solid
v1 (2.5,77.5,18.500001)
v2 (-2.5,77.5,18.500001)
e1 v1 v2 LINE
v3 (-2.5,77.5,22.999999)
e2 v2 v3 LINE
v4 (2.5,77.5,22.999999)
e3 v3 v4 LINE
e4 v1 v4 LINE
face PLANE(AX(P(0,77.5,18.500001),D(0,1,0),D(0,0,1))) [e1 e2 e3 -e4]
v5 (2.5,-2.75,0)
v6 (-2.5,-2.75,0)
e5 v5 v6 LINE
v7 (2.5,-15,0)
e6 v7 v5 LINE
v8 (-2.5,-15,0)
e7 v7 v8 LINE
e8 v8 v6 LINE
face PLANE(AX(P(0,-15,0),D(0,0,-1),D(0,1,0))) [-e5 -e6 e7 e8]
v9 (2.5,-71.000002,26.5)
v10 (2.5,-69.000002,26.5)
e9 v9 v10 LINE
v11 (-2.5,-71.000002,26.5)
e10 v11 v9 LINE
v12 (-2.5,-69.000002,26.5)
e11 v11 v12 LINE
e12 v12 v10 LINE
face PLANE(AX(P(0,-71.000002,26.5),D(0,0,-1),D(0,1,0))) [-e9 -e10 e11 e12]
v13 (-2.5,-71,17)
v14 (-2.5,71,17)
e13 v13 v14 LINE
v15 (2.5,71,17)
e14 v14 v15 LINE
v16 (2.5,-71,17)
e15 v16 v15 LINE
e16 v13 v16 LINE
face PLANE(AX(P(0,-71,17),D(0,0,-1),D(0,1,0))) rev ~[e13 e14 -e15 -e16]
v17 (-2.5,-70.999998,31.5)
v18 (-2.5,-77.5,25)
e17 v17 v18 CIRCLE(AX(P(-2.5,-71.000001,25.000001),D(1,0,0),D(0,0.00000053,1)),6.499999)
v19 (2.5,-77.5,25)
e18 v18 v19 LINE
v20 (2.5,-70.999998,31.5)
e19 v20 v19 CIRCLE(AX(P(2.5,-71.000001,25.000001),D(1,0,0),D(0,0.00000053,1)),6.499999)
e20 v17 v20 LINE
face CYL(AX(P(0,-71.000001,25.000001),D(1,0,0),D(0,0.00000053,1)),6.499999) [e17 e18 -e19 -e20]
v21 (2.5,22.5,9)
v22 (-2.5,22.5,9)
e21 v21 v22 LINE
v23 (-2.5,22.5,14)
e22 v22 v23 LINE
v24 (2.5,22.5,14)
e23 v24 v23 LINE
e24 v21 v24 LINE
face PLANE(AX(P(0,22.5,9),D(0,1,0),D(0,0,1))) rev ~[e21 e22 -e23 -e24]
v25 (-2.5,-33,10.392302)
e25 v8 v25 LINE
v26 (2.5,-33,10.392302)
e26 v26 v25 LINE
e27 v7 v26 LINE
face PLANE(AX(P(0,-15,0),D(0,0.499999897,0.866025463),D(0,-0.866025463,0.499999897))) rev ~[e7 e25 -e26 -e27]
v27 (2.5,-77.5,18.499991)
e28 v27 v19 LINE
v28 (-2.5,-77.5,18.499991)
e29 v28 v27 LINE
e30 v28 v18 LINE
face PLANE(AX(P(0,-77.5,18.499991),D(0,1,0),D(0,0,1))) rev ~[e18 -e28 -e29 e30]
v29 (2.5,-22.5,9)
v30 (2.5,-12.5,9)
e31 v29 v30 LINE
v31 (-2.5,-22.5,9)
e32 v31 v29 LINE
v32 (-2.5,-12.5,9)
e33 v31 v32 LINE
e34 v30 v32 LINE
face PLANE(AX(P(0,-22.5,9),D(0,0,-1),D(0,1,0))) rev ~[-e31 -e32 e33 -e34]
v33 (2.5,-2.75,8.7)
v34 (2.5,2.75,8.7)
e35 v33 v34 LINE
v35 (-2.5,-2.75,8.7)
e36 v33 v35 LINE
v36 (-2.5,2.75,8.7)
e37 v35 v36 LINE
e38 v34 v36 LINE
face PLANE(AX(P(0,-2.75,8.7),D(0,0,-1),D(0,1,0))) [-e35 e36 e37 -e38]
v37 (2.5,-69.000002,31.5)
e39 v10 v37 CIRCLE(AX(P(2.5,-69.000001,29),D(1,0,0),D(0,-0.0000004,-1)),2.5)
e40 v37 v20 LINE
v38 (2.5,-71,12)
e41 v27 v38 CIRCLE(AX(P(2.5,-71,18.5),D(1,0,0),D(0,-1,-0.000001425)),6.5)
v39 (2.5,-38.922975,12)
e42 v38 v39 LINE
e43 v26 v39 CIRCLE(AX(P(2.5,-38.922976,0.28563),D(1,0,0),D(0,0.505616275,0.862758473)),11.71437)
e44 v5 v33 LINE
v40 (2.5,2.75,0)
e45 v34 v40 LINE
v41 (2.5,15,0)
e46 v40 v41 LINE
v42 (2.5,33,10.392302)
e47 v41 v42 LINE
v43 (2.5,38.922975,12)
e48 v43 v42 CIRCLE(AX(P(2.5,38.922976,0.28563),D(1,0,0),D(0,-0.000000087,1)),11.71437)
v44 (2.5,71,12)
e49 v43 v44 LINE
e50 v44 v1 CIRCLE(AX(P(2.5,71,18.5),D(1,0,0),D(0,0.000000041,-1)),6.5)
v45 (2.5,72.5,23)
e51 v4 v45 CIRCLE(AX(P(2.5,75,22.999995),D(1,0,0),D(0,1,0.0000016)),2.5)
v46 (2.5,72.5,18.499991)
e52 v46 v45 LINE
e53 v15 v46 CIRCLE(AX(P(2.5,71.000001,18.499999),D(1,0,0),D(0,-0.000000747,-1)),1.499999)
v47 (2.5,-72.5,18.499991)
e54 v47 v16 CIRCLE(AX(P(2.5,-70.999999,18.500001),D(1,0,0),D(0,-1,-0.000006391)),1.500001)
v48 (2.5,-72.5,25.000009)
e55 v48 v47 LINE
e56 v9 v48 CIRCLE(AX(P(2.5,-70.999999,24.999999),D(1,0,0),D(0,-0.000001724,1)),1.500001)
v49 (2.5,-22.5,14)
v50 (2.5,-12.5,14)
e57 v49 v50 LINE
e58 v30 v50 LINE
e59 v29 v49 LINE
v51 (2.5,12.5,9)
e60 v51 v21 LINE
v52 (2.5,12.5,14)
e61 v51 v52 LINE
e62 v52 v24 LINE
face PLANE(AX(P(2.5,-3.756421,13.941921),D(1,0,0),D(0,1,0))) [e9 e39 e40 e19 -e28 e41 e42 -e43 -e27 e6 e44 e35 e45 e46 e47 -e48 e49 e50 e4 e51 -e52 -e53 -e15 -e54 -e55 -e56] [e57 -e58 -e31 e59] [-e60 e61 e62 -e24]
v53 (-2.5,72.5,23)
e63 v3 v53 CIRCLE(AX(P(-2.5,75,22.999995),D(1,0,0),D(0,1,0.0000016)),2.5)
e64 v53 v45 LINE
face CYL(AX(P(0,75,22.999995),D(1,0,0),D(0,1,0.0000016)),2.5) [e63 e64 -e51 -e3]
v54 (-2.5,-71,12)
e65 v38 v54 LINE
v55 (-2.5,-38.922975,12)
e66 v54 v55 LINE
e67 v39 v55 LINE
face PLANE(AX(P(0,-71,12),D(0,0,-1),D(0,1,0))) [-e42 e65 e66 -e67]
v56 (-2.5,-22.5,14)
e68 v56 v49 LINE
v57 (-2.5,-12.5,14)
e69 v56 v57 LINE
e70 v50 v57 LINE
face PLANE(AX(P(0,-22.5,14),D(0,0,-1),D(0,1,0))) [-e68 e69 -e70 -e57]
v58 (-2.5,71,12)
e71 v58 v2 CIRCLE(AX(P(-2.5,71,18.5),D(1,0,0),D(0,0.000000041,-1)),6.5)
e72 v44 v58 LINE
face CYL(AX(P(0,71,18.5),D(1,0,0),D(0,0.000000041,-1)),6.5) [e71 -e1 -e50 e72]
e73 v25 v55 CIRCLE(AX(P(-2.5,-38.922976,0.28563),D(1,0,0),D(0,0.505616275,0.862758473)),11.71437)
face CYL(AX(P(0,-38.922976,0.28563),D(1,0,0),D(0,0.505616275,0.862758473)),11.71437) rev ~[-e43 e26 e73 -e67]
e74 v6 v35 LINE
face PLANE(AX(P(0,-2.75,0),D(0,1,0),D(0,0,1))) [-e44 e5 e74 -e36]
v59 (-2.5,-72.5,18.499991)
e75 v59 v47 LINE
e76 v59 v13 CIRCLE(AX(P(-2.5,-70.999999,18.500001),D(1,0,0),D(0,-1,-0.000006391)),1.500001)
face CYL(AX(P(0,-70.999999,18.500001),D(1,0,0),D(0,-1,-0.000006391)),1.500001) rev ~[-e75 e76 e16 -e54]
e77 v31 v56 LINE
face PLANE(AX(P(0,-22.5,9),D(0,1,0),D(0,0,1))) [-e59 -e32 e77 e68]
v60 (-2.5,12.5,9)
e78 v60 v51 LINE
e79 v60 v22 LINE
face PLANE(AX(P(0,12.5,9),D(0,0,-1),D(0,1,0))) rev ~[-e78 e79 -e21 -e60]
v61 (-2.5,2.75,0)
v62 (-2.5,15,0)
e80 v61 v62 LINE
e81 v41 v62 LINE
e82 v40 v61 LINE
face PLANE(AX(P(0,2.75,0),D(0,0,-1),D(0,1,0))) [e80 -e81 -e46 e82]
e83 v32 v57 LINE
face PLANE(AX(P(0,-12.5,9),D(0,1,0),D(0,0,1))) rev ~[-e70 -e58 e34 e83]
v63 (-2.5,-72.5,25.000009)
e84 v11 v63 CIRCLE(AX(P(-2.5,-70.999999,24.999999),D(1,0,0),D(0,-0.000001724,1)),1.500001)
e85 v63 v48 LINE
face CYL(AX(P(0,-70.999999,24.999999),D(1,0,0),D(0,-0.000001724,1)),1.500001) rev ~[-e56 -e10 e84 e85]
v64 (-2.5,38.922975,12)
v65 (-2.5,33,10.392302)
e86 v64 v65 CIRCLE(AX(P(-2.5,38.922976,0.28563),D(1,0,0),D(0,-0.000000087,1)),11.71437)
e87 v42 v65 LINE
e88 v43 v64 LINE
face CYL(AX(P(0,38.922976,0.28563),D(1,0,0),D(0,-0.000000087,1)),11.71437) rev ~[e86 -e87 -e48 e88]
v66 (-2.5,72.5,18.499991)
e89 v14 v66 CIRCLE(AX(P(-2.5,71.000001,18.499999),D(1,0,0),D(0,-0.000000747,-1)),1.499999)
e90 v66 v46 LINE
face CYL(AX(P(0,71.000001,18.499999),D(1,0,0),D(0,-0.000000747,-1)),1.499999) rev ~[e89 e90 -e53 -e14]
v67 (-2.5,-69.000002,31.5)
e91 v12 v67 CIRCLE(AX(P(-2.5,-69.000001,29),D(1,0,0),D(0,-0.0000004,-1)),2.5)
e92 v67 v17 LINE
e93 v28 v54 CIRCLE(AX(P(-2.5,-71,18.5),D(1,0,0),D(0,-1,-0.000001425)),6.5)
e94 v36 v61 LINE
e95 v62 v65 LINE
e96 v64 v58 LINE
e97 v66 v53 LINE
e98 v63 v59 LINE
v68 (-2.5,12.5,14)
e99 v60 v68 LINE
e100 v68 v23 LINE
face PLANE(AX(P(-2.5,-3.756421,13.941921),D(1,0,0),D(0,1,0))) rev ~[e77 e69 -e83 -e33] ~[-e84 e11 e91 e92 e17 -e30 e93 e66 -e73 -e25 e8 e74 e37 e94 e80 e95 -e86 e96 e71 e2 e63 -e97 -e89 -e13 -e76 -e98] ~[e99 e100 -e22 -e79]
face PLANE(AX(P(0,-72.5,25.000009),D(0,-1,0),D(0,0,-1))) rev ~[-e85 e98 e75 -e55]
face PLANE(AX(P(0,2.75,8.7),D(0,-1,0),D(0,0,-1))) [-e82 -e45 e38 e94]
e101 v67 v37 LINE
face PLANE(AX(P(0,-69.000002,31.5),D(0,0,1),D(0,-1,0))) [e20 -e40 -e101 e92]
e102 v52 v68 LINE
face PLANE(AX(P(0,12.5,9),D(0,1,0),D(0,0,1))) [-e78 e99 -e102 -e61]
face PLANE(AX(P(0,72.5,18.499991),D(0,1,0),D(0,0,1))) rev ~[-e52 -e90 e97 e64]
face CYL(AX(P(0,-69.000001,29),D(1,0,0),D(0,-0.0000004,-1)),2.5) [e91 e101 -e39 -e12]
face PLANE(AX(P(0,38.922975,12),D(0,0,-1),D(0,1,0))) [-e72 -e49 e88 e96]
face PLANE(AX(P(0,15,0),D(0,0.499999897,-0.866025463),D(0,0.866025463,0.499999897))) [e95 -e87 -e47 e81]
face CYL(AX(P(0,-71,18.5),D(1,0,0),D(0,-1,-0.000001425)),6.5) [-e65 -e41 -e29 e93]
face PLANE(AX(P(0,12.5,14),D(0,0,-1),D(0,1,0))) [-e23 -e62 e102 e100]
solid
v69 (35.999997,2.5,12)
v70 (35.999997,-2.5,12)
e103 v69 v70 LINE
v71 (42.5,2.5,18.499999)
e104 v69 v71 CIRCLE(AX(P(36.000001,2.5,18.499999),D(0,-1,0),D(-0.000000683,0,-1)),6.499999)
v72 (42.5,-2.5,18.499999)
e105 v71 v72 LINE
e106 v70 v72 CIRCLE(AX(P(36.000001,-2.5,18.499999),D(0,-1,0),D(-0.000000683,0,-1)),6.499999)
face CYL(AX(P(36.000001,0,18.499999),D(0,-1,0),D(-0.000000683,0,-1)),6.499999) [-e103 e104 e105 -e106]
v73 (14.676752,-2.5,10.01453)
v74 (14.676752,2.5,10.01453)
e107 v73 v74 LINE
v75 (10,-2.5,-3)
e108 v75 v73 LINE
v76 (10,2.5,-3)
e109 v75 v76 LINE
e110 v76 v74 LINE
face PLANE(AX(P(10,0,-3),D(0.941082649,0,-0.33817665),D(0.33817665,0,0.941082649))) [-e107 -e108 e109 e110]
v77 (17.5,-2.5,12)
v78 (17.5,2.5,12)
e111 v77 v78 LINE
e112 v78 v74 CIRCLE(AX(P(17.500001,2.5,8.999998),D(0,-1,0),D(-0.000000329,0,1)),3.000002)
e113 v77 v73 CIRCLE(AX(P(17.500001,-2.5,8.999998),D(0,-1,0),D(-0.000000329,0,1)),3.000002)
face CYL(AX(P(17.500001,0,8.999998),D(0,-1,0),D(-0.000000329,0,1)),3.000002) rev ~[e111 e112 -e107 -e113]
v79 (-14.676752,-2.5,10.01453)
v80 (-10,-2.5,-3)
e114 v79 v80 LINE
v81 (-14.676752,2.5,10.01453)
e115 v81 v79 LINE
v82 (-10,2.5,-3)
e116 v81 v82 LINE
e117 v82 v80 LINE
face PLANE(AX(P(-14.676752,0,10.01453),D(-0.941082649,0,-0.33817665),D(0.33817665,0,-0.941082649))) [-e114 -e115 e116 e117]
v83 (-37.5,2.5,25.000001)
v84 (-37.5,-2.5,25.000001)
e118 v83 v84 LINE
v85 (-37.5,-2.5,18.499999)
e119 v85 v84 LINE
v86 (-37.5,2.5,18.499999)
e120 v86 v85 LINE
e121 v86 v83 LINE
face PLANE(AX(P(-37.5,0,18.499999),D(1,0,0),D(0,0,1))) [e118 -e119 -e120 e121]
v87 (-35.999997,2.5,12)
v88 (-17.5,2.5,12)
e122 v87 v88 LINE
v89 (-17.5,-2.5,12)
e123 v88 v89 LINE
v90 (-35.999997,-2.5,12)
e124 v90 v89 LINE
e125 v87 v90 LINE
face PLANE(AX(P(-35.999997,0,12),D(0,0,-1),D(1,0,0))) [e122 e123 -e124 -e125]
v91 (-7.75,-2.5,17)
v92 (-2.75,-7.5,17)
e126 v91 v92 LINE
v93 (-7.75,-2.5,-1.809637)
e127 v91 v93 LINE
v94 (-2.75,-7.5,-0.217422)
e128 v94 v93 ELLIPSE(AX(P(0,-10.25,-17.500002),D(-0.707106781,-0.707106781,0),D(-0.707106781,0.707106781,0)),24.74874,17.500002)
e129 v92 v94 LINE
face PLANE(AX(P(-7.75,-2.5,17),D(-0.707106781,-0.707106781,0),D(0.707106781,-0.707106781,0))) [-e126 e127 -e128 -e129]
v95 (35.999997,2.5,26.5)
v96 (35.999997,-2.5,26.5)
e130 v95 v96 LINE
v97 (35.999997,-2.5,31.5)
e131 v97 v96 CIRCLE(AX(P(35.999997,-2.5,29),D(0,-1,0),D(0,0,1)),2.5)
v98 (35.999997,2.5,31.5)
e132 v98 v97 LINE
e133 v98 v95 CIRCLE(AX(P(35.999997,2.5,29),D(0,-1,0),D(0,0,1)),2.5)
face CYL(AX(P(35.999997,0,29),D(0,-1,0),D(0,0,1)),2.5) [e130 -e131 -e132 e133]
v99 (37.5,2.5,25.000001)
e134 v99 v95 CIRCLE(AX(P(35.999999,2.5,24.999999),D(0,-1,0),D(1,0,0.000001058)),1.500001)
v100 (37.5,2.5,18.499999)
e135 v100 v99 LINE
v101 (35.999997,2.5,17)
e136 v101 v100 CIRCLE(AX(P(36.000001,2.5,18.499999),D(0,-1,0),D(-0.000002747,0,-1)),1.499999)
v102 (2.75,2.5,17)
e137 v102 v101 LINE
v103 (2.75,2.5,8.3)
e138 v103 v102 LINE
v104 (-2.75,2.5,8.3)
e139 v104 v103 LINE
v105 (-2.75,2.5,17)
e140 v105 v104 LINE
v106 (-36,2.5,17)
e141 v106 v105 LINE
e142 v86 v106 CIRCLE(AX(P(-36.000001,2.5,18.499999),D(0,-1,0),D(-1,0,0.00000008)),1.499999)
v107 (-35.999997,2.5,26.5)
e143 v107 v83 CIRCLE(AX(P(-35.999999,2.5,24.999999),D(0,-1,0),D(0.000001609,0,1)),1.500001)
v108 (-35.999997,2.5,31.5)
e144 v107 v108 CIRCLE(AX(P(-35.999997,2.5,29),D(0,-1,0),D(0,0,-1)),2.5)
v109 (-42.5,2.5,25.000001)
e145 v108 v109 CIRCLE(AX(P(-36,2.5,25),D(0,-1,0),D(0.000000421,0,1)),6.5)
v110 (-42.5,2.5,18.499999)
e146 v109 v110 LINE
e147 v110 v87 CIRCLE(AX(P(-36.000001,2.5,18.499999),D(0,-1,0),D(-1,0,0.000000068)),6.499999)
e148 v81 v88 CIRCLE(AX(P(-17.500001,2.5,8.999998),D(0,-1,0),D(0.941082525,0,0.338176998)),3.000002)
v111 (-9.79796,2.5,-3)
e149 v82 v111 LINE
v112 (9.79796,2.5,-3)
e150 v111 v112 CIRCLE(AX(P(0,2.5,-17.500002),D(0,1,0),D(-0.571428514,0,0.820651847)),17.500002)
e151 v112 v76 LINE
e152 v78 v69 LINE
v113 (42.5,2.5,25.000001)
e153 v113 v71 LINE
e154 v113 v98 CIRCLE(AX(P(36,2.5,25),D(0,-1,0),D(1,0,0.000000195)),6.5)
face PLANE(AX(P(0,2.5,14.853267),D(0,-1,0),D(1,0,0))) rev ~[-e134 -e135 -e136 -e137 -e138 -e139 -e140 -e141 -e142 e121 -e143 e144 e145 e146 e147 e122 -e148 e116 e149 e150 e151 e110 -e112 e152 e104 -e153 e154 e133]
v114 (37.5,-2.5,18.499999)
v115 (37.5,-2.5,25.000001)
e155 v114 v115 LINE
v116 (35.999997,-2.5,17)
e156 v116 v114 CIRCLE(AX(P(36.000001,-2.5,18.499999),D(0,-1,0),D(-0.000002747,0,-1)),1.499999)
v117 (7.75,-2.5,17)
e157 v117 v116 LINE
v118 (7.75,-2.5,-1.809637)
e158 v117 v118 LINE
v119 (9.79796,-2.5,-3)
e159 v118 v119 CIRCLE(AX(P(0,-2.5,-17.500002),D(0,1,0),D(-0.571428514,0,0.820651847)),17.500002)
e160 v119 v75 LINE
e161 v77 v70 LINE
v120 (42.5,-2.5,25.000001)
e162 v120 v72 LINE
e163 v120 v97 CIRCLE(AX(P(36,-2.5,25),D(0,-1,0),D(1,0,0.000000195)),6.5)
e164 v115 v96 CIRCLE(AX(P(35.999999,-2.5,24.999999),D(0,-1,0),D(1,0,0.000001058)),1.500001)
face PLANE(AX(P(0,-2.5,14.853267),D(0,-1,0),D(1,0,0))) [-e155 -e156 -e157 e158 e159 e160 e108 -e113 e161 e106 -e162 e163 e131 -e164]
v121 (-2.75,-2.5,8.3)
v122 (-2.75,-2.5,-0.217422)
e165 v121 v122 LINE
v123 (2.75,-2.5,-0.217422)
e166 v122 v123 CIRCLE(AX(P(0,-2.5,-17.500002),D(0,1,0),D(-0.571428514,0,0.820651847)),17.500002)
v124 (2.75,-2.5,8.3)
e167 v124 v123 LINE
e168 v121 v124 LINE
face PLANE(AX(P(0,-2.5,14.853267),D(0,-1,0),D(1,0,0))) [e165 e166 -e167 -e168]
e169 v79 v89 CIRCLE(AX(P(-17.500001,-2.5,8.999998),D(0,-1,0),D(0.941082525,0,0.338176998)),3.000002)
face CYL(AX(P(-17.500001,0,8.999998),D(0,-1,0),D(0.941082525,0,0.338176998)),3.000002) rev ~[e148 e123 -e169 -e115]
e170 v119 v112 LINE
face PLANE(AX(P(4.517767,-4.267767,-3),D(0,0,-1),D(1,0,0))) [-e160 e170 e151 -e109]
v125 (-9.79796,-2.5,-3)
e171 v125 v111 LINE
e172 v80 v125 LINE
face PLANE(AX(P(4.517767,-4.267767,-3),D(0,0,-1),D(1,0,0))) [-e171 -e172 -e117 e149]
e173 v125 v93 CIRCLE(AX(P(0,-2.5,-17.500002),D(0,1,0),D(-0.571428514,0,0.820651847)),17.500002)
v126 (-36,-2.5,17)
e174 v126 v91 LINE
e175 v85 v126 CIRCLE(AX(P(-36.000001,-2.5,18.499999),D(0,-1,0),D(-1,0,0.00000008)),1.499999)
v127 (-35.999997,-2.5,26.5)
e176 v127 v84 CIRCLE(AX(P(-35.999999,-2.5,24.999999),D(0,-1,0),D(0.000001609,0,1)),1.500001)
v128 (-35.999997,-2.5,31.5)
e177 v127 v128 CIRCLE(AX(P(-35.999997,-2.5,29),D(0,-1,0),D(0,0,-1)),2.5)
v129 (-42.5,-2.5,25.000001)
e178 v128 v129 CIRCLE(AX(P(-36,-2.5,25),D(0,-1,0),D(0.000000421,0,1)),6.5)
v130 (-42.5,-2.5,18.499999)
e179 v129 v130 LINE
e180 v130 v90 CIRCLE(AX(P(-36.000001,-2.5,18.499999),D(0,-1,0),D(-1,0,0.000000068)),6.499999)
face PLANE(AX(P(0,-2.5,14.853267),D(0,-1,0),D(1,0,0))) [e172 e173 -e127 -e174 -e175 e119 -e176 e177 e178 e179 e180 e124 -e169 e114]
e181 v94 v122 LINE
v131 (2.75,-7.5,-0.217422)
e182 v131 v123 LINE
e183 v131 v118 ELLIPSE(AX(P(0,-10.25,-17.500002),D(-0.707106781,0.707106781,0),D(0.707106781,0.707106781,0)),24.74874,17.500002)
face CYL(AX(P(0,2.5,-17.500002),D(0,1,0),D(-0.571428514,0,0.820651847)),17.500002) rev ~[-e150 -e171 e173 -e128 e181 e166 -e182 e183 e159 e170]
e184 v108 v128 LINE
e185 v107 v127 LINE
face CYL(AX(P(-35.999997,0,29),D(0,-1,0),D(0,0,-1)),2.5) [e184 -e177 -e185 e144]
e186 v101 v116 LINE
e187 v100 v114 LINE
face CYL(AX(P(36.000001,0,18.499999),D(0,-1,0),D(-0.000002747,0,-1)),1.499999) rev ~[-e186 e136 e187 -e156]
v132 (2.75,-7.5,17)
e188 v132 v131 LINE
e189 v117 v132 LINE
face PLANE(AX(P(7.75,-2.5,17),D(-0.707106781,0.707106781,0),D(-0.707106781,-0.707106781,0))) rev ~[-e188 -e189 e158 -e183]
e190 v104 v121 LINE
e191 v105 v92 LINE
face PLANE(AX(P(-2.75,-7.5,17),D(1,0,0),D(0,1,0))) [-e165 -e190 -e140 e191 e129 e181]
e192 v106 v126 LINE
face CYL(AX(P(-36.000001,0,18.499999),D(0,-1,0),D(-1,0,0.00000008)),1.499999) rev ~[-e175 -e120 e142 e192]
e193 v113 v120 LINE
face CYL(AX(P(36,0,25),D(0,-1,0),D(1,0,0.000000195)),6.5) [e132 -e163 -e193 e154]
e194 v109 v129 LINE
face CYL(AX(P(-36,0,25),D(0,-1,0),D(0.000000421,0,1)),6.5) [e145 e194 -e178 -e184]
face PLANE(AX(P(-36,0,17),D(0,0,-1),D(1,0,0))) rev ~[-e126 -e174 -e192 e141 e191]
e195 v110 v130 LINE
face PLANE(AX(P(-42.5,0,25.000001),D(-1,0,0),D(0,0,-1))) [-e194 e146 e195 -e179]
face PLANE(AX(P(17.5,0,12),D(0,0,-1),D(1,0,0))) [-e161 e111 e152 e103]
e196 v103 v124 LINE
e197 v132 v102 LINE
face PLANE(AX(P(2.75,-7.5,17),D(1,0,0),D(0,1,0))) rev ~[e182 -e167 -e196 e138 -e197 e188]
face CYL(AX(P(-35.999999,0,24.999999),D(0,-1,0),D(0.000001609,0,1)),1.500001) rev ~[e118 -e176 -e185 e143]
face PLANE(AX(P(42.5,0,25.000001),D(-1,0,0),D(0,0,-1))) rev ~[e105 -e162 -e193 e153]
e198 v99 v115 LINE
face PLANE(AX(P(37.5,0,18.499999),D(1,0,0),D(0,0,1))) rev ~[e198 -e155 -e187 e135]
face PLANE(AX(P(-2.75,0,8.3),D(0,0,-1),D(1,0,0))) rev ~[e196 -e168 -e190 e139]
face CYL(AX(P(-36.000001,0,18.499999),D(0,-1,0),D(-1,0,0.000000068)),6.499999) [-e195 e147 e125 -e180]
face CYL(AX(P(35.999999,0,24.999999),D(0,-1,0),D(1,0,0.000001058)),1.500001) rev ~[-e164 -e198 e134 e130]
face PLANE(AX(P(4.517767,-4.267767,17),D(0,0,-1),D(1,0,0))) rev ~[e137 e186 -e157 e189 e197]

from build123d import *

# Parameters (mm, degrees)
SKETCH_W     = 10
SKETCH_H     = 5
PAD_DEPTH    = 2.5
PAD001_DEPTH = 2.5
PAD002_DEPTH = 20
POCKET_DEPTH = 10


with BuildPart() as vertical:
    # Sketch → Pad (new body, symmetric)
    with BuildSketch(Plane.YZ):
        with BuildLine():
            Line((77.5, 18.500001), (77.5, 22.999999))
            ThreePointArc((77.5, 22.999999), (75, 25.499995), (72.5, 23))
            Line((72.5, 18.499991), (72.5, 23))
            ThreePointArc((71, 17), (72.060657, 17.439336), (72.5, 18.499991))
            Line((-71, 17), (71, 17))
            ThreePointArc((-72.5, 18.499991), (-72.060657, 17.439337), (-71, 17))
            Line((-72.5, 25.000009), (-72.5, 18.499991))
            ThreePointArc((-71.000002, 26.5), (-72.060657, 26.060663), (-72.5, 25.000009))
            Line((-71.000002, 26.5), (-69.000002, 26.5))
            ThreePointArc((-69.000002, 26.5), (-66.500001, 29), (-69.000002, 31.5))
            Line((-69.000002, 31.5), (-70.999998, 31.5))
            ThreePointArc((-70.999998, 31.5), (-75.596194, 29.596195), (-77.5, 25))
            Line((-77.5, 18.499991), (-77.5, 25))
            ThreePointArc((-77.5, 18.499991), (-75.596191, 13.903803), (-71, 12))
            Line((-71, 12), (-38.922975, 12))
            ThreePointArc((-33, 10.392302), (-35.85433, 11.590933), (-38.922975, 12))
            Line((-15, 0), (-33, 10.392302))
            Line((-15, 0), (-2.75, 0))
            Line((-2.75, 0), (-2.75, 8.7))
            Line((-2.75, 8.7), (2.75, 8.7))
            Line((2.75, 8.7), (2.75, 0))
            Line((2.75, 0), (15, 0))
            Line((15, 0), (33, 10.392302))
            ThreePointArc((38.922975, 12), (35.85433, 11.590933), (33, 10.392302))
            Line((38.922975, 12), (71, 12))
            ThreePointArc((71, 12), (75.596194, 13.903806), (77.5, 18.500001))
        make_face()
        with Locations((-17.5, 11.5)):
            Rectangle(SKETCH_W, SKETCH_H, mode=Mode.SUBTRACT)
        with Locations((17.5, 11.5)):
            Rectangle(SKETCH_W, SKETCH_H, mode=Mode.SUBTRACT)
    extrude(amount=PAD_DEPTH, both=True)


with BuildPart() as fusion:
    # Sketch001 → Pad001 (new body, symmetric)
    with BuildSketch(Plane.XZ):
        with BuildLine():
            Line((17.5, 12), (35.999997, 12))
            ThreePointArc((35.999997, 12), (40.596193, 13.903804), (42.5, 18.499999))
            Line((42.5, 25.000001), (42.5, 18.499999))
            ThreePointArc((42.5, 25.000001), (40.596193, 29.596195), (35.999997, 31.5))
            ThreePointArc((35.999997, 31.5), (33.499997, 29), (35.999997, 26.5))
            ThreePointArc((37.5, 25.000001), (37.060659, 26.060661), (35.999997, 26.5))
            Line((37.5, 18.499999), (37.5, 25.000001))
            ThreePointArc((35.999997, 17), (37.060659, 17.439338), (37.5, 18.499999))
            Line((2.75, 17), (35.999997, 17))
            Line((2.75, 8.3), (2.75, 17))
            Line((-2.75, 8.3), (2.75, 8.3))
            Line((-2.75, 17), (-2.75, 8.3))
            Line((-36, 17), (-2.75, 17))
            ThreePointArc((-37.5, 18.499999), (-37.06066, 17.439339), (-36, 17))
            Line((-37.5, 18.499999), (-37.5, 25.000001))
            ThreePointArc((-35.999997, 26.5), (-37.060659, 26.060661), (-37.5, 25.000001))
            ThreePointArc((-35.999997, 26.5), (-33.499997, 29), (-35.999997, 31.5))
            ThreePointArc((-35.999997, 31.5), (-40.596193, 29.596195), (-42.5, 25.000001))
            Line((-42.5, 25.000001), (-42.5, 18.499999))
            ThreePointArc((-42.5, 18.499999), (-40.596193, 13.903804), (-35.999997, 12))
            Line((-35.999997, 12), (-17.5, 12))
            ThreePointArc((-14.676752, 10.01453), (-15.774252, 11.453934), (-17.5, 12))
            Line((-14.676752, 10.01453), (-10, -3))
            Line((-10, -3), (10, -3))
            Line((10, -3), (14.676752, 10.01453))
            ThreePointArc((17.5, 12), (15.774252, 11.453934), (14.676752, 10.01453))
        make_face()
    extrude(amount=PAD001_DEPTH, both=True)

    # Sketch002 → Pad002 (new body)
    with BuildSketch(Plane(origin=(0, 0, 17), x_dir=(-1, 0, 0), z_dir=(0, 0, 1))):
        Polygon((-7.75, 2.5), (-2.75, 7.5), (-2.75, 2.5), align=None)
        Polygon((2.75, 7.5), (2.75, 2.5), (7.75, 2.5), align=None)
    extrude(amount=-PAD002_DEPTH)

    # Sketch003 → Pocket (cut)
    with BuildSketch(Plane(origin=(0, 2.5, 0), x_dir=(1, 0, 0), z_dir=(0, 1, 0))):
        with BuildLine():
            ThreePointArc((-10, 3.138593), (0, 0), (10, 3.138593))
            Line((-10, 3.138593), (10, 3.138593))
        make_face()
    extrude(amount=-POCKET_DEPTH, mode=Mode.SUBTRACT)

    # Fusion: union Vertical
    add(vertical.part)


solid = fusion.part
